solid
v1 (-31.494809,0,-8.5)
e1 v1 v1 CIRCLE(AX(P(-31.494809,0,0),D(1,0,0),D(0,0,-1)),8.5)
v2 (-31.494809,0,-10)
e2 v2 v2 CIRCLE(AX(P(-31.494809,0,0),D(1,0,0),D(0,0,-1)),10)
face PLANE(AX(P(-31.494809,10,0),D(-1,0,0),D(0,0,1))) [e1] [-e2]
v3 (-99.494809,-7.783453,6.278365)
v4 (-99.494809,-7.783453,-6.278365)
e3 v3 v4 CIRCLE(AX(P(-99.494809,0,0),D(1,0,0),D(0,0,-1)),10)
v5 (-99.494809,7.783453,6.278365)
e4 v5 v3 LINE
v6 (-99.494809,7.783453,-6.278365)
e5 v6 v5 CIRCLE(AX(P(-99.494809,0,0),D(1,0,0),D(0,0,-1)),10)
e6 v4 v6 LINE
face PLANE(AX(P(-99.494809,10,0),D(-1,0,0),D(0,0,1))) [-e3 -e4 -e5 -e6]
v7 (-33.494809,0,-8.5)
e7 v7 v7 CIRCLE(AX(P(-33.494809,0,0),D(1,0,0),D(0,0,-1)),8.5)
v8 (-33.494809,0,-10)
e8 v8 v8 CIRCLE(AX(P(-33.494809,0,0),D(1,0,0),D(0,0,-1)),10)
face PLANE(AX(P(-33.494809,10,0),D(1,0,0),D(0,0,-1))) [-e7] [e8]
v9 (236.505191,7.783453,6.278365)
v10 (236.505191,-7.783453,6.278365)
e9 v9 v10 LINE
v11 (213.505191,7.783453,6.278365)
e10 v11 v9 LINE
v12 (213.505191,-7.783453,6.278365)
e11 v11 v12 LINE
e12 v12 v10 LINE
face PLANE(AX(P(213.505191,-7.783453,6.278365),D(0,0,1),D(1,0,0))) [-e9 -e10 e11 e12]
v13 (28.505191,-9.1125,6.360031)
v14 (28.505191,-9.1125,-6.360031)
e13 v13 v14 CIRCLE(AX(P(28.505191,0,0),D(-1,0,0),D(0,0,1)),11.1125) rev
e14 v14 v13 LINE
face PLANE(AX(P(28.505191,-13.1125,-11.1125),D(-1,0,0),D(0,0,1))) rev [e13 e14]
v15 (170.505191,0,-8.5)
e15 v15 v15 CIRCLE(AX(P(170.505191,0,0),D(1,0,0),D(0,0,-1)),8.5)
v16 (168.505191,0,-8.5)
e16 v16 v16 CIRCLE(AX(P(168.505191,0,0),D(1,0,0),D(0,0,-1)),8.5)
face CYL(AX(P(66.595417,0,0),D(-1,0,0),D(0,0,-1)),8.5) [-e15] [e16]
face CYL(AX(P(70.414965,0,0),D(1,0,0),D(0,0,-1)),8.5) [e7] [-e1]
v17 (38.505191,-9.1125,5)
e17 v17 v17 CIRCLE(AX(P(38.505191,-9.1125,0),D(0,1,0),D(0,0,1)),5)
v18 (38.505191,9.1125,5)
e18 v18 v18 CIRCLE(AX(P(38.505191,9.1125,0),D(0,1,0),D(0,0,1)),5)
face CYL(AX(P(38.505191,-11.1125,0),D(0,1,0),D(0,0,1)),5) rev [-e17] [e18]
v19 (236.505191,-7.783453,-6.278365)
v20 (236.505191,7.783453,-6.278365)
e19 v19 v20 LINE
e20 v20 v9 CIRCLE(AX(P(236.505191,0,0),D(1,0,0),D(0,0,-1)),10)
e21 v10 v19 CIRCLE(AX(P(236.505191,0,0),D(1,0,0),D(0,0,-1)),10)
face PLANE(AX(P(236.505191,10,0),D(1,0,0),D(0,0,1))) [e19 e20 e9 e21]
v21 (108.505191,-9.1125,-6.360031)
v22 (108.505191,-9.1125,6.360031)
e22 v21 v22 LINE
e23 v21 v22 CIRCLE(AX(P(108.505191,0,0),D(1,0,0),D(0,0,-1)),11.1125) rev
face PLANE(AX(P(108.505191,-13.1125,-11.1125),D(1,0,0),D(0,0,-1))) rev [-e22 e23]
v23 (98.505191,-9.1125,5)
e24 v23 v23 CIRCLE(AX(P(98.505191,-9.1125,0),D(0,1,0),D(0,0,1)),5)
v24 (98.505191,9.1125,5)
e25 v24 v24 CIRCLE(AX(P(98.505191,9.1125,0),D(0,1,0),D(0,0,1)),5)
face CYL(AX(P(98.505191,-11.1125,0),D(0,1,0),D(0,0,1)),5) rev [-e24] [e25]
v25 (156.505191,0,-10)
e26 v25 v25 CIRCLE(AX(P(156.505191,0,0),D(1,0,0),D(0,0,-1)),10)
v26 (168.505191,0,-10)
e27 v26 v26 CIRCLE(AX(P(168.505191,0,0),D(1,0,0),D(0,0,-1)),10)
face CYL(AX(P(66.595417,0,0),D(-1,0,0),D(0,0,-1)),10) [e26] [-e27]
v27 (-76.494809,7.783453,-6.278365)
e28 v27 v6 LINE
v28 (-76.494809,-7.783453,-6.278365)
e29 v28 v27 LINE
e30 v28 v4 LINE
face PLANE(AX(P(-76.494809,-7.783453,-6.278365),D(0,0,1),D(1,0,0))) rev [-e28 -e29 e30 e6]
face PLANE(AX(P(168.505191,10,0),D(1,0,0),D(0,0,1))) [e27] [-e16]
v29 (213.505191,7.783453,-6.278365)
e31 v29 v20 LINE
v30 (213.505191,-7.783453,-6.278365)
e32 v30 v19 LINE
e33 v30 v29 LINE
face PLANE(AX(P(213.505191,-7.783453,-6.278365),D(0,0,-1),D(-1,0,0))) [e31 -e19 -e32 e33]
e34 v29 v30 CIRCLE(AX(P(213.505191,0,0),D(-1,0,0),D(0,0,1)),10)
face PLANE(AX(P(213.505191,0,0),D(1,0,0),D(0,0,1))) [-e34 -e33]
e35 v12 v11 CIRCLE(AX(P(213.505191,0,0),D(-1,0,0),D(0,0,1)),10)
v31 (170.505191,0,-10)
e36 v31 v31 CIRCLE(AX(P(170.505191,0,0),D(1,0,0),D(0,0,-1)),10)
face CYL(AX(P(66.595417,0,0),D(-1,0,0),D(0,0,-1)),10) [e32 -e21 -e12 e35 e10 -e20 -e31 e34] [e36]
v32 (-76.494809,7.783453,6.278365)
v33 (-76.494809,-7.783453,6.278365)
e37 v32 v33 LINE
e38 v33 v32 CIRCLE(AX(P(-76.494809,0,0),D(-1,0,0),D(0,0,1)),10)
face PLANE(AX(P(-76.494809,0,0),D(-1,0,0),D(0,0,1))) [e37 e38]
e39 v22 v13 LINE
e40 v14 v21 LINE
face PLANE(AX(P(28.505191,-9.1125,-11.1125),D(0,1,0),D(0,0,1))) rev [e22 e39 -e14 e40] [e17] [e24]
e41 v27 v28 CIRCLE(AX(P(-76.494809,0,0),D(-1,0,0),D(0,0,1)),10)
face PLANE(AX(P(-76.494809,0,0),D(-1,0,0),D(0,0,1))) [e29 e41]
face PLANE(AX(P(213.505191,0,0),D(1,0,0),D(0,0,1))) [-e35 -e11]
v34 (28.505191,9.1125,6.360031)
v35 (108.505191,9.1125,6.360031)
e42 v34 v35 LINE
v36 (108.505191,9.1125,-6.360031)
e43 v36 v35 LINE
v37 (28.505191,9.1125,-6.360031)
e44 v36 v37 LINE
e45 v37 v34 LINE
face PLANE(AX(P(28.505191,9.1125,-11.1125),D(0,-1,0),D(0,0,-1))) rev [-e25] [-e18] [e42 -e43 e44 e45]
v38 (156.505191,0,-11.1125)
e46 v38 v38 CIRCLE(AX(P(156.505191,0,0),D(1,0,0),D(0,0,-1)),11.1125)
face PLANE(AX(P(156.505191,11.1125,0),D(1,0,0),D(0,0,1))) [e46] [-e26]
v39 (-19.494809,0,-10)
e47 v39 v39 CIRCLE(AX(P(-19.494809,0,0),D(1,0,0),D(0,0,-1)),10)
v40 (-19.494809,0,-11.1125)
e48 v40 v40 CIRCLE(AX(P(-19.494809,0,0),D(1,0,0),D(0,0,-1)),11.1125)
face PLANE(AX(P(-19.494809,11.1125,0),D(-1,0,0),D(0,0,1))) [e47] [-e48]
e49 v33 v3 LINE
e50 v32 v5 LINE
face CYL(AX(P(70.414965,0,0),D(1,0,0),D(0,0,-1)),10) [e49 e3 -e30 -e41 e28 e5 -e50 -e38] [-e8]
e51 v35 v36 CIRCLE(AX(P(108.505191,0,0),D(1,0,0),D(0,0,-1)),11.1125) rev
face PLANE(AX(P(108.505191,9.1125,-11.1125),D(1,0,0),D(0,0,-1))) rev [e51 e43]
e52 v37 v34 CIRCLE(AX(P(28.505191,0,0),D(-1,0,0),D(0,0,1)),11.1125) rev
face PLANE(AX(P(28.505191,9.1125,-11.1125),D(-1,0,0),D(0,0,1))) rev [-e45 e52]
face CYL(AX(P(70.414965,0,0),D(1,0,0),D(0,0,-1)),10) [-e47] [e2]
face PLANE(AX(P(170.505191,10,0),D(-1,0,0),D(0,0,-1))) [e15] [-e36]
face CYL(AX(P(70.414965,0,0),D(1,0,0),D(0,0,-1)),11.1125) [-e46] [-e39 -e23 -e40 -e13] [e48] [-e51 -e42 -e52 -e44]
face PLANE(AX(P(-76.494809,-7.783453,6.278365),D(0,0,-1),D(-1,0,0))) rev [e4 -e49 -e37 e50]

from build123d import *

# Parameters (mm, degrees)
CORTAR_EXTRUIR1_START      = -23
CORTAR_EXTRUIR1_DEPTH      = 23
CORTAR_EXTRUIR2_DEPTH      = 238.026751177
CORTAR_EXTRUIR2_DEPTH_BACK = 238.026751177
CROQUIS3_W                 = 80
CROQUIS3_H                 = 4
CROQUIS4_R                 = 5
CORTAR_EXTRUIR3_DEPTH      = 238.628373184


with BuildPart() as part:
    # Croquis1 → Revolución1 (revolve)
    with BuildSketch(Plane.XY, mode=Mode.PRIVATE) as revoluci_n1_sk:
        Polygon((-19.494808808, 11.1125), (68.505191192, 11.1125), (68.505191192, 0), (-99.494808808, 0), (-99.494808808, 10), (-33.494808808, 10), (-33.494808808, 8.5), (-31.494808808, 8.5), (-31.494808808, 10), (-19.494808808, 10), align=None)
    revoluci_n1 = revolve(revoluci_n1_sk.sketch.rotate(Axis((70.414965315, 0, 0), (-1, 0, 0)), 90), axis=Axis((70.414965315, 0, 0), (-1, 0, 0)))

    # Croquis2 → Cortar-Extruir1 (cut)
    with BuildSketch(Plane.ZY.offset(99.494808808).offset(CORTAR_EXTRUIR1_START)):
        with BuildLine():
            Line((-6.278365003, -7.783452504), (-6.278365003, 7.783452504))
            ThreePointArc((-6.278365003, 7.783452504), (-10, 0), (-6.278365003, -7.783452504))
        make_face()
        with BuildLine():
            Line((6.278365003, -7.783452504), (6.278365003, 7.783452504))
            ThreePointArc((6.278365003, 7.783452504), (10, 0), (6.278365003, -7.783452504))
        make_face()
    cortar_extruir1 = extrude(amount=CORTAR_EXTRUIR1_DEPTH, mode=Mode.SUBTRACT)

    # Simetría2: Revolución1, Cortar-Extruir1 across plane
    add(revoluci_n1.mirror(Plane(origin=(68.505191192, 11.1125, 0), x_dir=(0, 0, 1), z_dir=(1, 0, 0))))
    add(cortar_extruir1.mirror(Plane(origin=(68.505191192, 11.1125, 0), x_dir=(0, 0, 1), z_dir=(1, 0, 0))), mode=Mode.SUBTRACT)

    # Croquis3 → Cortar-Extruir2 (cut, two sides: drawn at the far end of the back side and taken through both)
    with BuildSketch(Plane.XY.offset(-CORTAR_EXTRUIR2_DEPTH_BACK)):
        with Locations((68.505191192, 11.1125)):
            Rectangle(CROQUIS3_W, CROQUIS3_H)
        with Locations((68.505191192, -11.1125)):
            Rectangle(CROQUIS3_W, CROQUIS3_H)
    extrude(amount=CORTAR_EXTRUIR2_DEPTH + CORTAR_EXTRUIR2_DEPTH_BACK, mode=Mode.SUBTRACT)

    # Croquis4 → Cortar-Extruir3 (cut, through all)
    with BuildSketch(Plane(origin=(0, 9.1125, 0), x_dir=(1, 0, 0), z_dir=(0, 1, 0))):
        with Locations(Location((38.505191192, 0, 0), (0, 0, 270))):
            Circle(CROQUIS4_R)
        with Locations(Location((98.505191192, 0, 0), (0, 0, 270))):
            Circle(CROQUIS4_R)
    extrude(amount=-CORTAR_EXTRUIR3_DEPTH, mode=Mode.SUBTRACT)


solid = part.part
